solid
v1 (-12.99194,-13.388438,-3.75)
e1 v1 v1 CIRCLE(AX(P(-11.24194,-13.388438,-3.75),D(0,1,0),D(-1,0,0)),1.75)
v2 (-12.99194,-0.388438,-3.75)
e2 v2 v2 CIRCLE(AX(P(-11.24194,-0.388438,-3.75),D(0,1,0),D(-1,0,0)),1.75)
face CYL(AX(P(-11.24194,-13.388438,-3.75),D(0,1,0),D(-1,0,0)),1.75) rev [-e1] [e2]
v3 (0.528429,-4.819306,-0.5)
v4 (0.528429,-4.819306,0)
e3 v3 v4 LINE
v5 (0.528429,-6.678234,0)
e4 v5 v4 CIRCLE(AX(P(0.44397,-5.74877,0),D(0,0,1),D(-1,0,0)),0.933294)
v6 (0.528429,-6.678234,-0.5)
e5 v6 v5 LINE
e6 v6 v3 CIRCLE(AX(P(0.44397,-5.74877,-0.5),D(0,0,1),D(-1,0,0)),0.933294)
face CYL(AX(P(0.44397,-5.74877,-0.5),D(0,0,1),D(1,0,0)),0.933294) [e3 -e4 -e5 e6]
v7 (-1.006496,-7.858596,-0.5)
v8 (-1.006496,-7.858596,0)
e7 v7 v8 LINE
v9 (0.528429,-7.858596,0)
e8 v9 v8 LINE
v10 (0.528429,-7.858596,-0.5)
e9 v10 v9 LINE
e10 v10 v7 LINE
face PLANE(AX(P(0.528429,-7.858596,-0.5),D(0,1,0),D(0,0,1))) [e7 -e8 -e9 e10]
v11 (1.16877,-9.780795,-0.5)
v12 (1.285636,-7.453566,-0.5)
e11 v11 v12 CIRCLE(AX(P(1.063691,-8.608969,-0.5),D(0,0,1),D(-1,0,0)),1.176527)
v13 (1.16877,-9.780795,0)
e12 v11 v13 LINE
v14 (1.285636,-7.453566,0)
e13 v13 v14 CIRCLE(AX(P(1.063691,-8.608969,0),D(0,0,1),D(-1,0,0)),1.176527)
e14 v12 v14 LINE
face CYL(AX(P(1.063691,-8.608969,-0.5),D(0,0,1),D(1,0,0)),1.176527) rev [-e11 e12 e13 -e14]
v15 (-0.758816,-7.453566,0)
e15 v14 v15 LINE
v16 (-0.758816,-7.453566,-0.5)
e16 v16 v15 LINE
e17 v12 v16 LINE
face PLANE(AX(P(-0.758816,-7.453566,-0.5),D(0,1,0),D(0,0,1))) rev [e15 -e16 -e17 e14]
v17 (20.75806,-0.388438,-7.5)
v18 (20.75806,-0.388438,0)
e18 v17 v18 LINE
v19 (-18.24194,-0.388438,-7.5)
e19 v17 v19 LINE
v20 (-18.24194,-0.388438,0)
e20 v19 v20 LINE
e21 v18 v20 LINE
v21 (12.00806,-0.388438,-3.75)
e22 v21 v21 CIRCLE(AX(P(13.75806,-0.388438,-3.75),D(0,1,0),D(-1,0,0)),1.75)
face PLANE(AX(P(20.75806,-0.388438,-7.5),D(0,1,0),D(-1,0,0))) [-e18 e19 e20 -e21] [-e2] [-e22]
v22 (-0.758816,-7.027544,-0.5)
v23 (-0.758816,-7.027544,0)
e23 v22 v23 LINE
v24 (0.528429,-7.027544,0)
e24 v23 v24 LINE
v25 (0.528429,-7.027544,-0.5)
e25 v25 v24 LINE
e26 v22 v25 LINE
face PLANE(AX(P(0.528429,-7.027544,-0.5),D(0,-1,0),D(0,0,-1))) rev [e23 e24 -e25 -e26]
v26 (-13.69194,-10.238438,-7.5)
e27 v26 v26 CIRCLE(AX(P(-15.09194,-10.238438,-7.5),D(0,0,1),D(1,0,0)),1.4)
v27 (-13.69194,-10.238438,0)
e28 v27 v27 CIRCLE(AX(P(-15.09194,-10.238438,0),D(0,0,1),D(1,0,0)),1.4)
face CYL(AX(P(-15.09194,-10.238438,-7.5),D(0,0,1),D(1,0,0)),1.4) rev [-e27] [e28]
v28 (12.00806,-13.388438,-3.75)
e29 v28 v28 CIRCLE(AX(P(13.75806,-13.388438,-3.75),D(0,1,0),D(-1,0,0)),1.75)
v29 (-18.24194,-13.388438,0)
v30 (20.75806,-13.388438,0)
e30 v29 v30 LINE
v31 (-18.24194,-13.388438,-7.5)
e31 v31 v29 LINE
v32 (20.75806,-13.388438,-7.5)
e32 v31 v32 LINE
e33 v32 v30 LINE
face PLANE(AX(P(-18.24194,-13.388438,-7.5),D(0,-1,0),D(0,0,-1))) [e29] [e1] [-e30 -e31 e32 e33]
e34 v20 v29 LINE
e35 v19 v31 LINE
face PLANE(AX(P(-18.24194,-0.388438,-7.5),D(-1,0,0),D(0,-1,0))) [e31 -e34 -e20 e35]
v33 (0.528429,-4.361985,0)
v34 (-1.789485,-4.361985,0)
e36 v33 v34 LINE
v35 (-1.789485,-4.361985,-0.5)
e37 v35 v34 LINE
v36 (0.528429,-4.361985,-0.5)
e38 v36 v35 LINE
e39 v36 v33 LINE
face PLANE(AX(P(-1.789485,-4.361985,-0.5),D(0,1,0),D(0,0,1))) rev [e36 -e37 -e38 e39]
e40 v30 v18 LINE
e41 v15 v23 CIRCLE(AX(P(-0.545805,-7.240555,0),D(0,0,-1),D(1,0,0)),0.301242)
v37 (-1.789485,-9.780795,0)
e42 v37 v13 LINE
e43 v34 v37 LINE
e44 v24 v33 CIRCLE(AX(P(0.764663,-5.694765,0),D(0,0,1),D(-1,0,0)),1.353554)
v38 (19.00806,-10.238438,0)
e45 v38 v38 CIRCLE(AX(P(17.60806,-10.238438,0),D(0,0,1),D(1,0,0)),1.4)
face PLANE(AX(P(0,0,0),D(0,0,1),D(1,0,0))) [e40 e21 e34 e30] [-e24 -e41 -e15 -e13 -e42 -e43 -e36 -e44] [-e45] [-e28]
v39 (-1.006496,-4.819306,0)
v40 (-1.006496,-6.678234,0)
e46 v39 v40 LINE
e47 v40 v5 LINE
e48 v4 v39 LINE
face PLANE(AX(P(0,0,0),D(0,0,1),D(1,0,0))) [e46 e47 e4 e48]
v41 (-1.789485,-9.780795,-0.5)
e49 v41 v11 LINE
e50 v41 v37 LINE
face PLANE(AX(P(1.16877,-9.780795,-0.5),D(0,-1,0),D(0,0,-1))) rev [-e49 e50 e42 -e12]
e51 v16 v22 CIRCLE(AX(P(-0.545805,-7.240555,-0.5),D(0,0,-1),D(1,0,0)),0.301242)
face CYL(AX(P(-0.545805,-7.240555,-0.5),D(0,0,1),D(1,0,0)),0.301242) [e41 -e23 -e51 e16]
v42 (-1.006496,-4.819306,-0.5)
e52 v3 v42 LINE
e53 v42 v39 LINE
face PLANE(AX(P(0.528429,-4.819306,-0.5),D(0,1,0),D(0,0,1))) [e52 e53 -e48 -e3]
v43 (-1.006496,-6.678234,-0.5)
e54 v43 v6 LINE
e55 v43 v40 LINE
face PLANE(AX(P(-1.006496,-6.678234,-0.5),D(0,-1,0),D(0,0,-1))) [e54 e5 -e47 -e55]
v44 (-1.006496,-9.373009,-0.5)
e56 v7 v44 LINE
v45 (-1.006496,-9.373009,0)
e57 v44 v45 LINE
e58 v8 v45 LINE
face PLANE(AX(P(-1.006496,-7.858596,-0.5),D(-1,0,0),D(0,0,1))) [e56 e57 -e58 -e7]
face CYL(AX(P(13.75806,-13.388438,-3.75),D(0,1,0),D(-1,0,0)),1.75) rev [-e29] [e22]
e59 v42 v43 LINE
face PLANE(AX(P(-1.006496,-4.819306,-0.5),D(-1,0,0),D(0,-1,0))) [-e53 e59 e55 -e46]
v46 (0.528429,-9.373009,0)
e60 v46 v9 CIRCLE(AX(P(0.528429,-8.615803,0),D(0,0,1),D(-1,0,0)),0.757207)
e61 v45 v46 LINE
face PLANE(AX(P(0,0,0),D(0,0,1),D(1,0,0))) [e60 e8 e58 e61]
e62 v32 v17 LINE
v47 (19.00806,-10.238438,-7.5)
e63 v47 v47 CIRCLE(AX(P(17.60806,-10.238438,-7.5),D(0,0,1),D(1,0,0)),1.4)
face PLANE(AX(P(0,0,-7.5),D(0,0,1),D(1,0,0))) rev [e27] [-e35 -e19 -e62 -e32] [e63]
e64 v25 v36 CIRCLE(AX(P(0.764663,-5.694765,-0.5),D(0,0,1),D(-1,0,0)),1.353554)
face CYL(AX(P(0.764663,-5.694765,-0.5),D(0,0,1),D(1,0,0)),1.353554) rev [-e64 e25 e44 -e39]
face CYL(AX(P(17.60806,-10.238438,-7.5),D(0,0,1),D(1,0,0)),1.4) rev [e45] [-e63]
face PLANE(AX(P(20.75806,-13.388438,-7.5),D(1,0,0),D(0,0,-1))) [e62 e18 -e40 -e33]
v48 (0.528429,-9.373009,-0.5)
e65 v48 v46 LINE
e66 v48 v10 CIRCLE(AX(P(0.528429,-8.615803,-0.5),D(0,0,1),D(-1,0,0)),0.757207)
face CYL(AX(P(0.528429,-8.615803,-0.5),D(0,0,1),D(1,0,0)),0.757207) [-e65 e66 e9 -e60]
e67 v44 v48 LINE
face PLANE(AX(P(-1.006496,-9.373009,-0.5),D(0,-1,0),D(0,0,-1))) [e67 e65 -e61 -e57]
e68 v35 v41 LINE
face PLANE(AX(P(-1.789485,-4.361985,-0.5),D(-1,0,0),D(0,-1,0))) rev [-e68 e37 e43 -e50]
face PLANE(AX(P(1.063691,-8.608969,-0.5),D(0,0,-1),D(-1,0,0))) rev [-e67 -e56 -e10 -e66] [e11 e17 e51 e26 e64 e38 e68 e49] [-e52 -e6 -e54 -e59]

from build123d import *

# Parameters (mm, degrees)
SKETCH1_W           = 39
SKETCH1_H           = 13
SKETCH1_R           = 1.4
BOSS_EXTRUDE2_DEPTH = 7.5
SKETCH2_R           = 1.75
CUT_EXTRUDE1_DEPTH  = 26.615367173
CUT_EXTRUDE2_DEPTH  = 0.5


with BuildPart() as part:
    # Sketch1 → Boss-Extrude2 (new body)
    with BuildSketch(Plane.XY):
        with Locations((1.258059529, -6.888438134)):
            Rectangle(SKETCH1_W, SKETCH1_H)
        with Locations((-15.091940471, -10.238438134)):
            Circle(SKETCH1_R, mode=Mode.SUBTRACT)
        with Locations((17.608059529, -10.238438134)):
            Circle(SKETCH1_R, mode=Mode.SUBTRACT)
    extrude(amount=-BOSS_EXTRUDE2_DEPTH)

    # Sketch2 → Cut-Extrude1 (cut, through all)
    with BuildSketch(Plane(origin=(0, -0.388438134, 0), x_dir=(1, 0, 0), z_dir=(0, 1, 0))):
        with Locations(Location((-11.241940471, 3.75, 0), (0, 0, 180))):
            Circle(SKETCH2_R)
        with Locations(Location((13.758059529, 3.75, 0), (0, 0, 180))):
            Circle(SKETCH2_R)
    extrude(amount=-CUT_EXTRUDE1_DEPTH, mode=Mode.SUBTRACT)

    # Sketch3 → Cut-Extrude2 (cut)
    with BuildSketch(Plane.XY):
        with BuildLine():
            Line((-1.789484561, -4.361984997), (0.528429434, -4.361984997))
            ThreePointArc((0.528429434, -4.361984997), (2.118216576, -5.694764696), (0.528429434, -7.027544395))
            Line((0.528429434, -7.027544395), (-0.758815547, -7.027544395))
            ThreePointArc((-0.758815547, -7.027544395), (-0.847047418, -7.240554977), (-0.758815547, -7.453565558))
            Line((-0.758815547, -7.453565558), (1.285636155, -7.453565558))
            ThreePointArc((1.285636155, -7.453565558), (2.238737943, -8.66797631), (1.168769854, -9.780794705))
            Line((1.168769854, -9.780794705), (-1.789484561, -9.780794705))
            Line((-1.789484561, -9.780794705), (-1.789484561, -4.361984997))
        make_face()
        with BuildLine():
            Line((-1.006496381, -4.819305585), (-1.006496381, -6.678234448))
            Line((-1.006496381, -6.678234448), (0.528429434, -6.678234448))
            ThreePointArc((0.528429434, -6.678234448), (1.377263921, -5.748770016), (0.528429434, -4.819305585))
            Line((0.528429434, -4.819305585), (-1.006496381, -4.819305585))
        make_face(mode=Mode.SUBTRACT)
        with BuildLine():
            Line((-1.006496381, -7.858595879), (-1.006496381, -9.373009321))
            Line((-1.006496381, -9.373009321), (0.528429434, -9.373009321))
            ThreePointArc((0.528429434, -9.373009321), (1.285636155, -8.6158026), (0.528429434, -7.858595879))
            Line((0.528429434, -7.858595879), (-1.006496381, -7.858595879))
        make_face(mode=Mode.SUBTRACT)
    extrude(amount=-CUT_EXTRUDE2_DEPTH, mode=Mode.SUBTRACT)


solid = part.part
